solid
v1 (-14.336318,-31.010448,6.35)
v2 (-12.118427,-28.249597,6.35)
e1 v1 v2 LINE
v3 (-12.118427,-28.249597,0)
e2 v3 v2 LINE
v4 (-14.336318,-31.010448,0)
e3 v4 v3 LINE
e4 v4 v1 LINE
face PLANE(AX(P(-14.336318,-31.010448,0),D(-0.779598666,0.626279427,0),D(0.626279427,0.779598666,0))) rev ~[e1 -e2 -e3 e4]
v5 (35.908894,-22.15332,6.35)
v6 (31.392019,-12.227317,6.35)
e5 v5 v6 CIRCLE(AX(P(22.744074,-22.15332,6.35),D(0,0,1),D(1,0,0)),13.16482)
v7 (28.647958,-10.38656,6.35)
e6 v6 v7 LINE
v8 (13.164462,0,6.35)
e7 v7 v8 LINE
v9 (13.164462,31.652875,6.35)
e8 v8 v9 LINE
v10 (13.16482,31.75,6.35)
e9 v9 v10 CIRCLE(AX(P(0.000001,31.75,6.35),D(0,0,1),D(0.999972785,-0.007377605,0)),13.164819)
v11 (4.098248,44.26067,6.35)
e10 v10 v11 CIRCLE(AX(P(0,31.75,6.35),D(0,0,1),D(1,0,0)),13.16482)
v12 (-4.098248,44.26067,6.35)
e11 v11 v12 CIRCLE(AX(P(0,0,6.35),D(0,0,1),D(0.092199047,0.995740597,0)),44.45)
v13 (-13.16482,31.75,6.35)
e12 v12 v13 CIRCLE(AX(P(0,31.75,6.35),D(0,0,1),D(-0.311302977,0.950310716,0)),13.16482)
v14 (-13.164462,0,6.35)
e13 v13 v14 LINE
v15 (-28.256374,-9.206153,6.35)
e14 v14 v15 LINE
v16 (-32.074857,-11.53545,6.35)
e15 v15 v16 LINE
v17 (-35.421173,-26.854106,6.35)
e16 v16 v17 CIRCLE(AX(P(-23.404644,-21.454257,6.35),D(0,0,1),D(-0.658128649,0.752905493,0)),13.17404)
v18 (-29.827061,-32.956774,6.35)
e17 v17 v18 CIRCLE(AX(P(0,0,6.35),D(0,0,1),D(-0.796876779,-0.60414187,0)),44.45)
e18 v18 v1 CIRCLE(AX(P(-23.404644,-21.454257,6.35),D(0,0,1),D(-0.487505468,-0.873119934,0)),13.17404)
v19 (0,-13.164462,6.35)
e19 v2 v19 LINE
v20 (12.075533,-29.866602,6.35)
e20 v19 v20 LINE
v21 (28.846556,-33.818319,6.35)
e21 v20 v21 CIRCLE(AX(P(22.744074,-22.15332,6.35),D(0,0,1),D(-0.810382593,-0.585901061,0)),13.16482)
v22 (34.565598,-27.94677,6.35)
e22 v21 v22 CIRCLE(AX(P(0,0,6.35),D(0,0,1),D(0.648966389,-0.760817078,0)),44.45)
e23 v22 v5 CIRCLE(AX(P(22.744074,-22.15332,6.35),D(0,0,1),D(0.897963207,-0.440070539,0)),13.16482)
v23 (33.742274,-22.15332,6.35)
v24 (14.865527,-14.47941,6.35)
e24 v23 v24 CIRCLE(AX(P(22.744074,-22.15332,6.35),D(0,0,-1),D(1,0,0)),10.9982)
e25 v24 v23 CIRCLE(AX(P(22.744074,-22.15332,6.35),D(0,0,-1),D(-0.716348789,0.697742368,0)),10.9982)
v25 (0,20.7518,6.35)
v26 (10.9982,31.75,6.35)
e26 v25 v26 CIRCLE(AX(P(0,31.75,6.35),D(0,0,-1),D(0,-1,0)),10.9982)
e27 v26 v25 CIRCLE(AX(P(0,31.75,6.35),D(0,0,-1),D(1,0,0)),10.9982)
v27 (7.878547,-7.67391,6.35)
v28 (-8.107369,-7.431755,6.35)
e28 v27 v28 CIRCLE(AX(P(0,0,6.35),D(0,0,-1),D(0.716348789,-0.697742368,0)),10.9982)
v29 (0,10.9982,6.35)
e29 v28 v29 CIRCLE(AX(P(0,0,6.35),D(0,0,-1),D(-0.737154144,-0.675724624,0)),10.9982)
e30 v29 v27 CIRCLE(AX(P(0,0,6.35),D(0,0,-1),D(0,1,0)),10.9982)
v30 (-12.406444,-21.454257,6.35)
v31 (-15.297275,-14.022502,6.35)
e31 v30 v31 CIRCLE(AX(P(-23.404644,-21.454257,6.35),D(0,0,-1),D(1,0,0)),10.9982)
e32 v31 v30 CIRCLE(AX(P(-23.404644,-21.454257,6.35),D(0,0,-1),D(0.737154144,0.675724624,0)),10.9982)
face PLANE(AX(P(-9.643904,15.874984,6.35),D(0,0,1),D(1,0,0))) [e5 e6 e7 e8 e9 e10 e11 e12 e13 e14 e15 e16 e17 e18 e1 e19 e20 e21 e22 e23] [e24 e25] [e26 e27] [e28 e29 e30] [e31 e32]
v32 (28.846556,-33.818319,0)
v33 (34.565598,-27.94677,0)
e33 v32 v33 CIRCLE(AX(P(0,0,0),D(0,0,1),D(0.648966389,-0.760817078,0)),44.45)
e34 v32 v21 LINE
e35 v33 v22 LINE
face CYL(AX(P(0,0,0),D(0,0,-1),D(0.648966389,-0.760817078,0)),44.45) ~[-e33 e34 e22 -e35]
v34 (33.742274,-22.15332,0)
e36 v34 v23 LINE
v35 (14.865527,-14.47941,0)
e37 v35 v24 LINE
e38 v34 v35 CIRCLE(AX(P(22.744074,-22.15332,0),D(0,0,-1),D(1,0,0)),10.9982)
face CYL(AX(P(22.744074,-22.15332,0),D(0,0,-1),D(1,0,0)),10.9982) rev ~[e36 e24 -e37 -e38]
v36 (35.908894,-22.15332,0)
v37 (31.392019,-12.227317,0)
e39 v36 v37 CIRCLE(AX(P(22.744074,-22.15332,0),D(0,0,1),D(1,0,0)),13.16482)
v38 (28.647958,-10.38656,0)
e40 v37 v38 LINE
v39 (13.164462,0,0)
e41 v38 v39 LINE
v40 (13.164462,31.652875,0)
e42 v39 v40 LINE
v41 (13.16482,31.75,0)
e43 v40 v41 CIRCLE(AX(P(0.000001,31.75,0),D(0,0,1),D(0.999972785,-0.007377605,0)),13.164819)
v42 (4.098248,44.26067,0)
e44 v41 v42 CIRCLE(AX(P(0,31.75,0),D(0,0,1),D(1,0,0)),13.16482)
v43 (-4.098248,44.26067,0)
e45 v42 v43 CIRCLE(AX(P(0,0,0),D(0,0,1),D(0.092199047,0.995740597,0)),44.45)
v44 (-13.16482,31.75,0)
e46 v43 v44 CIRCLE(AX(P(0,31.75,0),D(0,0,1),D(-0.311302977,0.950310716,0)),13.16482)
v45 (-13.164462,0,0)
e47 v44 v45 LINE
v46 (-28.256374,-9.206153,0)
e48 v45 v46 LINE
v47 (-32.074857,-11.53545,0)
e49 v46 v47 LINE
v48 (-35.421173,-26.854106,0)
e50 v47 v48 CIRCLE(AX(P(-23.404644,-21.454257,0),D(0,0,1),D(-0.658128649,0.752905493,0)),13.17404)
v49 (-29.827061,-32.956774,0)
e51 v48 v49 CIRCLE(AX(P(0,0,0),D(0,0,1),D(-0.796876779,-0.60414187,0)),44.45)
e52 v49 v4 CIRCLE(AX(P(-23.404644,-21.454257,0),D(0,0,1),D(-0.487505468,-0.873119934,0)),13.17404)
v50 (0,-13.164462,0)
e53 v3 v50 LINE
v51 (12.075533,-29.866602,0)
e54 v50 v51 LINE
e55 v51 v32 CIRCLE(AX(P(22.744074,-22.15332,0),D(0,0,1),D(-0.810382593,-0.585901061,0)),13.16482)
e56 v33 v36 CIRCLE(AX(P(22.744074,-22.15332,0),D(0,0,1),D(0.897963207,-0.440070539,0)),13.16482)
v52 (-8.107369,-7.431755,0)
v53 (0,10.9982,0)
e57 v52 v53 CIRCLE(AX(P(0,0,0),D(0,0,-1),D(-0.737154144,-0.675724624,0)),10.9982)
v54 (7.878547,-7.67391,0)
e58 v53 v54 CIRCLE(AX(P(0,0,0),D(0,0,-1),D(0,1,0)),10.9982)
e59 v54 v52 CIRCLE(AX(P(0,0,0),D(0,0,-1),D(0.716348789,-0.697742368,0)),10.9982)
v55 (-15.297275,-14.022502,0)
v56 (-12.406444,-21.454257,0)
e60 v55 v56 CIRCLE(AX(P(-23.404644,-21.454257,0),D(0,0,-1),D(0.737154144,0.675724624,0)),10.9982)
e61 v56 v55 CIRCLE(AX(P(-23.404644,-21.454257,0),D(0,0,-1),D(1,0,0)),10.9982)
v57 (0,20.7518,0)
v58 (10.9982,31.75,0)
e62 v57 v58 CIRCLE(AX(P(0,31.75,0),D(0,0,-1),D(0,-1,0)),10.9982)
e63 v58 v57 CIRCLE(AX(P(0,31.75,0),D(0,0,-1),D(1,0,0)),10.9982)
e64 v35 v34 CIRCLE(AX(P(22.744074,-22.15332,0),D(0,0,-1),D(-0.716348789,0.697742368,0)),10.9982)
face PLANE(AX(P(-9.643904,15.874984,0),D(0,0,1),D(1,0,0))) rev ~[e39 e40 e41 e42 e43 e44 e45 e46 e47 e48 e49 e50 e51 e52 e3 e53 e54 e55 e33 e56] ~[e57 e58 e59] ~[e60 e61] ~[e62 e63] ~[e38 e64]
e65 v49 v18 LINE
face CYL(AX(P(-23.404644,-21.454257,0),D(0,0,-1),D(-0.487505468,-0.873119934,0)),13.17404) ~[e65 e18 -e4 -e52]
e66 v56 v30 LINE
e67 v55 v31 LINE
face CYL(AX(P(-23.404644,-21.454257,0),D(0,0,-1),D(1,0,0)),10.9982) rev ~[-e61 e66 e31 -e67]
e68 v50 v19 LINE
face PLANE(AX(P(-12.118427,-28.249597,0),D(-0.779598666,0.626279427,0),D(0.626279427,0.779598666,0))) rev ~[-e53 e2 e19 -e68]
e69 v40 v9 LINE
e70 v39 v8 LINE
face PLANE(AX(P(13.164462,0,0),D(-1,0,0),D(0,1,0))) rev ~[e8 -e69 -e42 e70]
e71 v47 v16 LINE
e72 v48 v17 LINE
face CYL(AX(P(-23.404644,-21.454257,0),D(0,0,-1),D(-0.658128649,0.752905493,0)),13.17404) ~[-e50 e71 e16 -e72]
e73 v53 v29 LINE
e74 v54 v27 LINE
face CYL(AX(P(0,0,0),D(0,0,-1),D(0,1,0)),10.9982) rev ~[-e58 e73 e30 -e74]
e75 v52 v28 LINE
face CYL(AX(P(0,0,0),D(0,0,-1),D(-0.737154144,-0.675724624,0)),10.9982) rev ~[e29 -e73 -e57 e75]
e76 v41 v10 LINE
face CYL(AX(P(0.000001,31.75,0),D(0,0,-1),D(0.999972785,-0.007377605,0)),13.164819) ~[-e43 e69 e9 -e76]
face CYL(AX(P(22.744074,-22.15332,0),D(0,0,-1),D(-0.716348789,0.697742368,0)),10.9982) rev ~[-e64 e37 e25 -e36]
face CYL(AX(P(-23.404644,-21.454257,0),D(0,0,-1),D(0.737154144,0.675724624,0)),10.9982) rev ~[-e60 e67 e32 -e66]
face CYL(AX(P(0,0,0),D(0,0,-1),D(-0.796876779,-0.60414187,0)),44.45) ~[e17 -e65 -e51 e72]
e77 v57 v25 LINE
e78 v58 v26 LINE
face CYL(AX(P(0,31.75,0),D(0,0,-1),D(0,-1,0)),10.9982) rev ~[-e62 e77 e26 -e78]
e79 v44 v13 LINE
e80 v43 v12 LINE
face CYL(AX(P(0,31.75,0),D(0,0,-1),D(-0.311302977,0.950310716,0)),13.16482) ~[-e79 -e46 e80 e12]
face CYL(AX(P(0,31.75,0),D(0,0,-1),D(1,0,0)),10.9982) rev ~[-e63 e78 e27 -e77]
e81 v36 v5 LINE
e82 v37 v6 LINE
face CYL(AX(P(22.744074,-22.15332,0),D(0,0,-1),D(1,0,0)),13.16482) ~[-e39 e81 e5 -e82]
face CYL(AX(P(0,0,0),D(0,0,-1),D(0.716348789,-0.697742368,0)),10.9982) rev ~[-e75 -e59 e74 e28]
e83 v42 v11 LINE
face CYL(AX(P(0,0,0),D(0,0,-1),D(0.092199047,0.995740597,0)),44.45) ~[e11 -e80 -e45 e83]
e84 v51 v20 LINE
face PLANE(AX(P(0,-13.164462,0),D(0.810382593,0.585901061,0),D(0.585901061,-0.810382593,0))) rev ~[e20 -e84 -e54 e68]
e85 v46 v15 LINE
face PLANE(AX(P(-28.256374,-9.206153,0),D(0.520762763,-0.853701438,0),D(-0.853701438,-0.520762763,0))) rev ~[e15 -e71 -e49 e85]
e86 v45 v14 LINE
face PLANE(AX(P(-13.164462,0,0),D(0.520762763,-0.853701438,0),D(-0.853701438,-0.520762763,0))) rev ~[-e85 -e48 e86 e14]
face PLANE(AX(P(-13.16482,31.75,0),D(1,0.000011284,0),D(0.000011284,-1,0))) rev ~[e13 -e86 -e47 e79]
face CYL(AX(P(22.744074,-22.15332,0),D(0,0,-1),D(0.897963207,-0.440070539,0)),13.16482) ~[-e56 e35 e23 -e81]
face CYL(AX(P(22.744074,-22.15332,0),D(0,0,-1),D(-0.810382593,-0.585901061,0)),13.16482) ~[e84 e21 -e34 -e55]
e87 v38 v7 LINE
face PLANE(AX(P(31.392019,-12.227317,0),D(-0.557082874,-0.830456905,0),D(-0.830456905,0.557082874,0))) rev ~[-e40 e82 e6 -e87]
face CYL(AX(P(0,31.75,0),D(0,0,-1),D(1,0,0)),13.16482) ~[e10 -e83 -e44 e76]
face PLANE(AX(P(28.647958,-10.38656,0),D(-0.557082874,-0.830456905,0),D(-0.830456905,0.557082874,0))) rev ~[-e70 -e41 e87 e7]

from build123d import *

# Parameters (mm, degrees)
F1_DEPTH = 6.35


with BuildPart() as f1:
    # F0 (on Top) → F1 (new body)
    with BuildSketch(Plane.XY):
        with BuildLine():
            ThreePointArc((0, 18.58518), (-9.3089334951, 22.4410665049), (-13.16482, 31.75))
            Line((-13.16482, 31.75), (-13.1644617216, 0))
            ThreePointArc((-13.1644617208, 0), (-9.3086801535, 9.3086801535), (0, 13.1644617208))
            Line((0, 13.1644617208), (0, 18.58518))
        make_face()
        with BuildLine():
            Line((13.1644617208, 0), (13.1644617208, 31.6528751634))
            ThreePointArc((13.1644617208, 31.6528751634), (9.2745311106, 22.4067907916), (0, 18.58518))
            Line((0, 18.58518), (0, 13.1644617208))
            ThreePointArc((0, 13.1644617208), (9.3086801535, 9.3086801535), (13.1644617208, 0))
        make_face()
        with BuildLine():
            ThreePointArc((13.16482, 31.75), (10.6598587783, 39.4752764649), (4.0982476565, 44.2606695176))
            ThreePointArc((4.0982476565, 44.2606695176), (0, 44.45), (-4.0982476565, 44.2606695176))
            ThreePointArc((-4.0982476565, 44.2606695176), (-10.6598587783, 39.4752764649), (-13.16482, 31.75))
            ThreePointArc((-13.16482, 31.75), (-9.3089334951, 22.4410665049), (0, 18.58518))
            ThreePointArc((0, 18.58518), (9.2745311106, 22.4067907916), (13.1644617208, 31.6528751634))
            ThreePointArc((13.1644617208, 31.6528751634), (13.1647304299, 31.7014372513), (13.16482, 31.75))
        make_face()
        with BuildLine():
            ThreePointArc((10.9982, 31.75), (7.7769018008, 23.9730981992), (0, 20.7518))
            ThreePointArc((0, 20.7518), (-7.7769018008, 39.5269018008), (10.9982, 31.75))
        make_face(mode=Mode.SUBTRACT)
        with BuildLine():
            Line((28.6479583214, -10.3865603875), (13.1644617208, 0))
            ThreePointArc((13.1644617208, 0), (12.1952548998, -4.9577021218), (9.4303462135, -9.1854026963))
            Line((9.4303462135, -9.1854026963), (13.3134711891, -12.9676675054))
            ThreePointArc((13.3134711891, -12.9676675054), (20.5589048377, -9.1711200232), (28.6479583214, -10.3865603875))
        make_face()
        with BuildLine():
            Line((0, -13.1644617208), (12.0755330866, -29.8666021893))
            ThreePointArc((12.0755330866, -29.8666021893), (9.6144360525, -21.1915033956), (13.3134711891, -12.9676675054))
            Line((13.3134711891, -12.9676675054), (9.4303462135, -9.1854026963))
            ThreePointArc((9.4303462135, -9.1854026963), (5.1177226485, -12.1289722273), (0, -13.1644617208))
        make_face()
        with BuildLine():
            Line((-12.1184271097, -28.24959656), (0, -13.1644617208))
            ThreePointArc((0, -13.1644617208), (-5.3008448602, -12.0500662308), (-9.7042375145, -8.8955509475))
            Line((-9.7042375145, -8.8955509475), (-13.6933457342, -12.552233438))
            ThreePointArc((-13.6933457342, -12.552233438), (-11.1267702664, -16.6783641888), (-10.2306038586, -21.4542568146))
            ThreePointArc((-10.2306038586, -21.4542568146), (-10.7113306421, -24.9806047442), (-12.1184271097, -28.24959656))
        make_face()
        with BuildLine():
            ThreePointArc((-9.7042375145, -8.8955509475), (-12.2689468922, -4.7724201989), (-13.1644617208, 0))
            Line((-13.1644617216, 0), (-28.256373619, -9.2061526245))
            ThreePointArc((-28.256373619, -9.2061526245), (-20.4545734962, -8.6147700914), (-13.6933457342, -12.552233438))
            Line((-13.6933457342, -12.552233438), (-9.7042375145, -8.8955509475))
        make_face()
        with BuildLine():
            ThreePointArc((-32.0748573742, -11.5354495673), (-36.2751776248, -18.6427266171), (-35.4211728391, -26.8541061051))
            ThreePointArc((-35.4211728391, -26.8541061051), (-32.7665017127, -30.0359595404), (-29.8270607251, -32.9567739395))
            ThreePointArc((-29.8270607251, -32.9567739395), (-21.7623116842, -34.5255260746), (-14.336317666, -31.010448096))
            Line((-14.336317666, -31.010448096), (-12.1184271097, -28.24959656))
            ThreePointArc((-12.1184271097, -28.24959656), (-10.7113306421, -24.9806047442), (-10.2306038586, -21.4542568146))
            ThreePointArc((-10.2306038586, -21.4542568146), (-11.1267702664, -16.6783641888), (-13.6933457342, -12.552233438))
            ThreePointArc((-13.6933457342, -12.552233438), (-20.4545734962, -8.6147700914), (-28.256373619, -9.2061526245))
            Line((-28.256373619, -9.2061526245), (-32.0748573742, -11.5354495673))
        make_face()
        with BuildLine():
            ThreePointArc((-12.4064440805, -21.4542568146), (-33.6546895872, -25.4413573086), (-15.297275371, -14.022502254))
            ThreePointArc((-15.297275371, -14.022502254), (-13.1545985737, -17.4671563205), (-12.4064440805, -21.4542568146))
        make_face(mode=Mode.SUBTRACT)
        with BuildLine():
            ThreePointArc((28.8465559908, -33.8183191106), (31.8417036776, -31.0146482635), (34.5655980408, -27.946769618))
            ThreePointArc((34.5655980408, -27.946769618), (35.5686738743, -25.1268912937), (35.9088940555, -22.1533201882))
            ThreePointArc((35.9088940555, -22.1533201882), (34.7265846396, -16.700621248), (31.392018666, -12.2273169822))
            Line((31.392018666, -12.2273169822), (28.6479583214, -10.3865603875))
            ThreePointArc((28.6479583214, -10.3865603875), (20.5589048377, -9.1711200232), (13.3134711891, -12.9676675054))
            ThreePointArc((13.3134711891, -12.9676675054), (9.6144360525, -21.1915033956), (12.0755330866, -29.8666021893))
            ThreePointArc((12.0755330866, -29.8666021893), (19.7247628044, -34.9672284601), (28.8465559908, -33.8183191106))
        make_face()
        with BuildLine():
            ThreePointArc((33.7422740555, -22.1533201882), (18.6021804762, -32.3417999972), (14.8655268026, -14.479410075))
            ThreePointArc((14.8655268026, -14.479410075), (26.8859676347, -11.9648403792), (33.7422740555, -22.1533201882))
        make_face(mode=Mode.SUBTRACT)
        with BuildLine():
            ThreePointArc((0, 13.1644617208), (-9.3086801535, 9.3086801535), (-13.1644617208, 0))
            ThreePointArc((-13.1644617208, 0), (-12.2689468922, -4.7724201989), (-9.7042375145, -8.8955509475))
            Line((-9.7042375145, -8.8955509475), (-8.1073687095, -7.4317545606))
            ThreePointArc((-8.1073687095, -7.4317545606), (-10.0671824819, 4.4285708887), (0, 10.9982))
            Line((0, 10.9982), (0, 13.1644617208))
        make_face()
        with BuildLine():
            ThreePointArc((9.4303462135, -9.1854026963), (12.1952548998, -4.9577021218), (13.1644617208, 0))
            ThreePointArc((13.1644617208, 0), (9.3086801535, 9.3086801535), (0, 13.1644617208))
            Line((0, 13.1644617208), (0, 10.9982))
            ThreePointArc((0, 10.9982), (7.7769018008, 7.7769018008), (10.9982, 0))
            ThreePointArc((10.9982, 0), (10.188479809, -4.1418935793), (7.8785472528, -7.6739101132))
            Line((7.8785472528, -7.6739101132), (9.4303462135, -9.1854026963))
        make_face()
        with BuildLine():
            ThreePointArc((-9.7042375145, -8.8955509475), (-5.3008448602, -12.0500662308), (0, -13.1644617208))
            ThreePointArc((0, -13.1644617208), (5.1177226485, -12.1289722273), (9.4303462135, -9.1854026963))
            Line((9.4303462135, -9.1854026963), (7.8785472528, -7.6739101132))
            ThreePointArc((7.8785472528, -7.6739101132), (-0.16658224, -10.9969383738), (-8.1073687095, -7.4317545606))
            Line((-8.1073687095, -7.4317545606), (-9.7042375145, -8.8955509475))
        make_face()
    extrude(amount=F1_DEPTH)


solid = f1.part
